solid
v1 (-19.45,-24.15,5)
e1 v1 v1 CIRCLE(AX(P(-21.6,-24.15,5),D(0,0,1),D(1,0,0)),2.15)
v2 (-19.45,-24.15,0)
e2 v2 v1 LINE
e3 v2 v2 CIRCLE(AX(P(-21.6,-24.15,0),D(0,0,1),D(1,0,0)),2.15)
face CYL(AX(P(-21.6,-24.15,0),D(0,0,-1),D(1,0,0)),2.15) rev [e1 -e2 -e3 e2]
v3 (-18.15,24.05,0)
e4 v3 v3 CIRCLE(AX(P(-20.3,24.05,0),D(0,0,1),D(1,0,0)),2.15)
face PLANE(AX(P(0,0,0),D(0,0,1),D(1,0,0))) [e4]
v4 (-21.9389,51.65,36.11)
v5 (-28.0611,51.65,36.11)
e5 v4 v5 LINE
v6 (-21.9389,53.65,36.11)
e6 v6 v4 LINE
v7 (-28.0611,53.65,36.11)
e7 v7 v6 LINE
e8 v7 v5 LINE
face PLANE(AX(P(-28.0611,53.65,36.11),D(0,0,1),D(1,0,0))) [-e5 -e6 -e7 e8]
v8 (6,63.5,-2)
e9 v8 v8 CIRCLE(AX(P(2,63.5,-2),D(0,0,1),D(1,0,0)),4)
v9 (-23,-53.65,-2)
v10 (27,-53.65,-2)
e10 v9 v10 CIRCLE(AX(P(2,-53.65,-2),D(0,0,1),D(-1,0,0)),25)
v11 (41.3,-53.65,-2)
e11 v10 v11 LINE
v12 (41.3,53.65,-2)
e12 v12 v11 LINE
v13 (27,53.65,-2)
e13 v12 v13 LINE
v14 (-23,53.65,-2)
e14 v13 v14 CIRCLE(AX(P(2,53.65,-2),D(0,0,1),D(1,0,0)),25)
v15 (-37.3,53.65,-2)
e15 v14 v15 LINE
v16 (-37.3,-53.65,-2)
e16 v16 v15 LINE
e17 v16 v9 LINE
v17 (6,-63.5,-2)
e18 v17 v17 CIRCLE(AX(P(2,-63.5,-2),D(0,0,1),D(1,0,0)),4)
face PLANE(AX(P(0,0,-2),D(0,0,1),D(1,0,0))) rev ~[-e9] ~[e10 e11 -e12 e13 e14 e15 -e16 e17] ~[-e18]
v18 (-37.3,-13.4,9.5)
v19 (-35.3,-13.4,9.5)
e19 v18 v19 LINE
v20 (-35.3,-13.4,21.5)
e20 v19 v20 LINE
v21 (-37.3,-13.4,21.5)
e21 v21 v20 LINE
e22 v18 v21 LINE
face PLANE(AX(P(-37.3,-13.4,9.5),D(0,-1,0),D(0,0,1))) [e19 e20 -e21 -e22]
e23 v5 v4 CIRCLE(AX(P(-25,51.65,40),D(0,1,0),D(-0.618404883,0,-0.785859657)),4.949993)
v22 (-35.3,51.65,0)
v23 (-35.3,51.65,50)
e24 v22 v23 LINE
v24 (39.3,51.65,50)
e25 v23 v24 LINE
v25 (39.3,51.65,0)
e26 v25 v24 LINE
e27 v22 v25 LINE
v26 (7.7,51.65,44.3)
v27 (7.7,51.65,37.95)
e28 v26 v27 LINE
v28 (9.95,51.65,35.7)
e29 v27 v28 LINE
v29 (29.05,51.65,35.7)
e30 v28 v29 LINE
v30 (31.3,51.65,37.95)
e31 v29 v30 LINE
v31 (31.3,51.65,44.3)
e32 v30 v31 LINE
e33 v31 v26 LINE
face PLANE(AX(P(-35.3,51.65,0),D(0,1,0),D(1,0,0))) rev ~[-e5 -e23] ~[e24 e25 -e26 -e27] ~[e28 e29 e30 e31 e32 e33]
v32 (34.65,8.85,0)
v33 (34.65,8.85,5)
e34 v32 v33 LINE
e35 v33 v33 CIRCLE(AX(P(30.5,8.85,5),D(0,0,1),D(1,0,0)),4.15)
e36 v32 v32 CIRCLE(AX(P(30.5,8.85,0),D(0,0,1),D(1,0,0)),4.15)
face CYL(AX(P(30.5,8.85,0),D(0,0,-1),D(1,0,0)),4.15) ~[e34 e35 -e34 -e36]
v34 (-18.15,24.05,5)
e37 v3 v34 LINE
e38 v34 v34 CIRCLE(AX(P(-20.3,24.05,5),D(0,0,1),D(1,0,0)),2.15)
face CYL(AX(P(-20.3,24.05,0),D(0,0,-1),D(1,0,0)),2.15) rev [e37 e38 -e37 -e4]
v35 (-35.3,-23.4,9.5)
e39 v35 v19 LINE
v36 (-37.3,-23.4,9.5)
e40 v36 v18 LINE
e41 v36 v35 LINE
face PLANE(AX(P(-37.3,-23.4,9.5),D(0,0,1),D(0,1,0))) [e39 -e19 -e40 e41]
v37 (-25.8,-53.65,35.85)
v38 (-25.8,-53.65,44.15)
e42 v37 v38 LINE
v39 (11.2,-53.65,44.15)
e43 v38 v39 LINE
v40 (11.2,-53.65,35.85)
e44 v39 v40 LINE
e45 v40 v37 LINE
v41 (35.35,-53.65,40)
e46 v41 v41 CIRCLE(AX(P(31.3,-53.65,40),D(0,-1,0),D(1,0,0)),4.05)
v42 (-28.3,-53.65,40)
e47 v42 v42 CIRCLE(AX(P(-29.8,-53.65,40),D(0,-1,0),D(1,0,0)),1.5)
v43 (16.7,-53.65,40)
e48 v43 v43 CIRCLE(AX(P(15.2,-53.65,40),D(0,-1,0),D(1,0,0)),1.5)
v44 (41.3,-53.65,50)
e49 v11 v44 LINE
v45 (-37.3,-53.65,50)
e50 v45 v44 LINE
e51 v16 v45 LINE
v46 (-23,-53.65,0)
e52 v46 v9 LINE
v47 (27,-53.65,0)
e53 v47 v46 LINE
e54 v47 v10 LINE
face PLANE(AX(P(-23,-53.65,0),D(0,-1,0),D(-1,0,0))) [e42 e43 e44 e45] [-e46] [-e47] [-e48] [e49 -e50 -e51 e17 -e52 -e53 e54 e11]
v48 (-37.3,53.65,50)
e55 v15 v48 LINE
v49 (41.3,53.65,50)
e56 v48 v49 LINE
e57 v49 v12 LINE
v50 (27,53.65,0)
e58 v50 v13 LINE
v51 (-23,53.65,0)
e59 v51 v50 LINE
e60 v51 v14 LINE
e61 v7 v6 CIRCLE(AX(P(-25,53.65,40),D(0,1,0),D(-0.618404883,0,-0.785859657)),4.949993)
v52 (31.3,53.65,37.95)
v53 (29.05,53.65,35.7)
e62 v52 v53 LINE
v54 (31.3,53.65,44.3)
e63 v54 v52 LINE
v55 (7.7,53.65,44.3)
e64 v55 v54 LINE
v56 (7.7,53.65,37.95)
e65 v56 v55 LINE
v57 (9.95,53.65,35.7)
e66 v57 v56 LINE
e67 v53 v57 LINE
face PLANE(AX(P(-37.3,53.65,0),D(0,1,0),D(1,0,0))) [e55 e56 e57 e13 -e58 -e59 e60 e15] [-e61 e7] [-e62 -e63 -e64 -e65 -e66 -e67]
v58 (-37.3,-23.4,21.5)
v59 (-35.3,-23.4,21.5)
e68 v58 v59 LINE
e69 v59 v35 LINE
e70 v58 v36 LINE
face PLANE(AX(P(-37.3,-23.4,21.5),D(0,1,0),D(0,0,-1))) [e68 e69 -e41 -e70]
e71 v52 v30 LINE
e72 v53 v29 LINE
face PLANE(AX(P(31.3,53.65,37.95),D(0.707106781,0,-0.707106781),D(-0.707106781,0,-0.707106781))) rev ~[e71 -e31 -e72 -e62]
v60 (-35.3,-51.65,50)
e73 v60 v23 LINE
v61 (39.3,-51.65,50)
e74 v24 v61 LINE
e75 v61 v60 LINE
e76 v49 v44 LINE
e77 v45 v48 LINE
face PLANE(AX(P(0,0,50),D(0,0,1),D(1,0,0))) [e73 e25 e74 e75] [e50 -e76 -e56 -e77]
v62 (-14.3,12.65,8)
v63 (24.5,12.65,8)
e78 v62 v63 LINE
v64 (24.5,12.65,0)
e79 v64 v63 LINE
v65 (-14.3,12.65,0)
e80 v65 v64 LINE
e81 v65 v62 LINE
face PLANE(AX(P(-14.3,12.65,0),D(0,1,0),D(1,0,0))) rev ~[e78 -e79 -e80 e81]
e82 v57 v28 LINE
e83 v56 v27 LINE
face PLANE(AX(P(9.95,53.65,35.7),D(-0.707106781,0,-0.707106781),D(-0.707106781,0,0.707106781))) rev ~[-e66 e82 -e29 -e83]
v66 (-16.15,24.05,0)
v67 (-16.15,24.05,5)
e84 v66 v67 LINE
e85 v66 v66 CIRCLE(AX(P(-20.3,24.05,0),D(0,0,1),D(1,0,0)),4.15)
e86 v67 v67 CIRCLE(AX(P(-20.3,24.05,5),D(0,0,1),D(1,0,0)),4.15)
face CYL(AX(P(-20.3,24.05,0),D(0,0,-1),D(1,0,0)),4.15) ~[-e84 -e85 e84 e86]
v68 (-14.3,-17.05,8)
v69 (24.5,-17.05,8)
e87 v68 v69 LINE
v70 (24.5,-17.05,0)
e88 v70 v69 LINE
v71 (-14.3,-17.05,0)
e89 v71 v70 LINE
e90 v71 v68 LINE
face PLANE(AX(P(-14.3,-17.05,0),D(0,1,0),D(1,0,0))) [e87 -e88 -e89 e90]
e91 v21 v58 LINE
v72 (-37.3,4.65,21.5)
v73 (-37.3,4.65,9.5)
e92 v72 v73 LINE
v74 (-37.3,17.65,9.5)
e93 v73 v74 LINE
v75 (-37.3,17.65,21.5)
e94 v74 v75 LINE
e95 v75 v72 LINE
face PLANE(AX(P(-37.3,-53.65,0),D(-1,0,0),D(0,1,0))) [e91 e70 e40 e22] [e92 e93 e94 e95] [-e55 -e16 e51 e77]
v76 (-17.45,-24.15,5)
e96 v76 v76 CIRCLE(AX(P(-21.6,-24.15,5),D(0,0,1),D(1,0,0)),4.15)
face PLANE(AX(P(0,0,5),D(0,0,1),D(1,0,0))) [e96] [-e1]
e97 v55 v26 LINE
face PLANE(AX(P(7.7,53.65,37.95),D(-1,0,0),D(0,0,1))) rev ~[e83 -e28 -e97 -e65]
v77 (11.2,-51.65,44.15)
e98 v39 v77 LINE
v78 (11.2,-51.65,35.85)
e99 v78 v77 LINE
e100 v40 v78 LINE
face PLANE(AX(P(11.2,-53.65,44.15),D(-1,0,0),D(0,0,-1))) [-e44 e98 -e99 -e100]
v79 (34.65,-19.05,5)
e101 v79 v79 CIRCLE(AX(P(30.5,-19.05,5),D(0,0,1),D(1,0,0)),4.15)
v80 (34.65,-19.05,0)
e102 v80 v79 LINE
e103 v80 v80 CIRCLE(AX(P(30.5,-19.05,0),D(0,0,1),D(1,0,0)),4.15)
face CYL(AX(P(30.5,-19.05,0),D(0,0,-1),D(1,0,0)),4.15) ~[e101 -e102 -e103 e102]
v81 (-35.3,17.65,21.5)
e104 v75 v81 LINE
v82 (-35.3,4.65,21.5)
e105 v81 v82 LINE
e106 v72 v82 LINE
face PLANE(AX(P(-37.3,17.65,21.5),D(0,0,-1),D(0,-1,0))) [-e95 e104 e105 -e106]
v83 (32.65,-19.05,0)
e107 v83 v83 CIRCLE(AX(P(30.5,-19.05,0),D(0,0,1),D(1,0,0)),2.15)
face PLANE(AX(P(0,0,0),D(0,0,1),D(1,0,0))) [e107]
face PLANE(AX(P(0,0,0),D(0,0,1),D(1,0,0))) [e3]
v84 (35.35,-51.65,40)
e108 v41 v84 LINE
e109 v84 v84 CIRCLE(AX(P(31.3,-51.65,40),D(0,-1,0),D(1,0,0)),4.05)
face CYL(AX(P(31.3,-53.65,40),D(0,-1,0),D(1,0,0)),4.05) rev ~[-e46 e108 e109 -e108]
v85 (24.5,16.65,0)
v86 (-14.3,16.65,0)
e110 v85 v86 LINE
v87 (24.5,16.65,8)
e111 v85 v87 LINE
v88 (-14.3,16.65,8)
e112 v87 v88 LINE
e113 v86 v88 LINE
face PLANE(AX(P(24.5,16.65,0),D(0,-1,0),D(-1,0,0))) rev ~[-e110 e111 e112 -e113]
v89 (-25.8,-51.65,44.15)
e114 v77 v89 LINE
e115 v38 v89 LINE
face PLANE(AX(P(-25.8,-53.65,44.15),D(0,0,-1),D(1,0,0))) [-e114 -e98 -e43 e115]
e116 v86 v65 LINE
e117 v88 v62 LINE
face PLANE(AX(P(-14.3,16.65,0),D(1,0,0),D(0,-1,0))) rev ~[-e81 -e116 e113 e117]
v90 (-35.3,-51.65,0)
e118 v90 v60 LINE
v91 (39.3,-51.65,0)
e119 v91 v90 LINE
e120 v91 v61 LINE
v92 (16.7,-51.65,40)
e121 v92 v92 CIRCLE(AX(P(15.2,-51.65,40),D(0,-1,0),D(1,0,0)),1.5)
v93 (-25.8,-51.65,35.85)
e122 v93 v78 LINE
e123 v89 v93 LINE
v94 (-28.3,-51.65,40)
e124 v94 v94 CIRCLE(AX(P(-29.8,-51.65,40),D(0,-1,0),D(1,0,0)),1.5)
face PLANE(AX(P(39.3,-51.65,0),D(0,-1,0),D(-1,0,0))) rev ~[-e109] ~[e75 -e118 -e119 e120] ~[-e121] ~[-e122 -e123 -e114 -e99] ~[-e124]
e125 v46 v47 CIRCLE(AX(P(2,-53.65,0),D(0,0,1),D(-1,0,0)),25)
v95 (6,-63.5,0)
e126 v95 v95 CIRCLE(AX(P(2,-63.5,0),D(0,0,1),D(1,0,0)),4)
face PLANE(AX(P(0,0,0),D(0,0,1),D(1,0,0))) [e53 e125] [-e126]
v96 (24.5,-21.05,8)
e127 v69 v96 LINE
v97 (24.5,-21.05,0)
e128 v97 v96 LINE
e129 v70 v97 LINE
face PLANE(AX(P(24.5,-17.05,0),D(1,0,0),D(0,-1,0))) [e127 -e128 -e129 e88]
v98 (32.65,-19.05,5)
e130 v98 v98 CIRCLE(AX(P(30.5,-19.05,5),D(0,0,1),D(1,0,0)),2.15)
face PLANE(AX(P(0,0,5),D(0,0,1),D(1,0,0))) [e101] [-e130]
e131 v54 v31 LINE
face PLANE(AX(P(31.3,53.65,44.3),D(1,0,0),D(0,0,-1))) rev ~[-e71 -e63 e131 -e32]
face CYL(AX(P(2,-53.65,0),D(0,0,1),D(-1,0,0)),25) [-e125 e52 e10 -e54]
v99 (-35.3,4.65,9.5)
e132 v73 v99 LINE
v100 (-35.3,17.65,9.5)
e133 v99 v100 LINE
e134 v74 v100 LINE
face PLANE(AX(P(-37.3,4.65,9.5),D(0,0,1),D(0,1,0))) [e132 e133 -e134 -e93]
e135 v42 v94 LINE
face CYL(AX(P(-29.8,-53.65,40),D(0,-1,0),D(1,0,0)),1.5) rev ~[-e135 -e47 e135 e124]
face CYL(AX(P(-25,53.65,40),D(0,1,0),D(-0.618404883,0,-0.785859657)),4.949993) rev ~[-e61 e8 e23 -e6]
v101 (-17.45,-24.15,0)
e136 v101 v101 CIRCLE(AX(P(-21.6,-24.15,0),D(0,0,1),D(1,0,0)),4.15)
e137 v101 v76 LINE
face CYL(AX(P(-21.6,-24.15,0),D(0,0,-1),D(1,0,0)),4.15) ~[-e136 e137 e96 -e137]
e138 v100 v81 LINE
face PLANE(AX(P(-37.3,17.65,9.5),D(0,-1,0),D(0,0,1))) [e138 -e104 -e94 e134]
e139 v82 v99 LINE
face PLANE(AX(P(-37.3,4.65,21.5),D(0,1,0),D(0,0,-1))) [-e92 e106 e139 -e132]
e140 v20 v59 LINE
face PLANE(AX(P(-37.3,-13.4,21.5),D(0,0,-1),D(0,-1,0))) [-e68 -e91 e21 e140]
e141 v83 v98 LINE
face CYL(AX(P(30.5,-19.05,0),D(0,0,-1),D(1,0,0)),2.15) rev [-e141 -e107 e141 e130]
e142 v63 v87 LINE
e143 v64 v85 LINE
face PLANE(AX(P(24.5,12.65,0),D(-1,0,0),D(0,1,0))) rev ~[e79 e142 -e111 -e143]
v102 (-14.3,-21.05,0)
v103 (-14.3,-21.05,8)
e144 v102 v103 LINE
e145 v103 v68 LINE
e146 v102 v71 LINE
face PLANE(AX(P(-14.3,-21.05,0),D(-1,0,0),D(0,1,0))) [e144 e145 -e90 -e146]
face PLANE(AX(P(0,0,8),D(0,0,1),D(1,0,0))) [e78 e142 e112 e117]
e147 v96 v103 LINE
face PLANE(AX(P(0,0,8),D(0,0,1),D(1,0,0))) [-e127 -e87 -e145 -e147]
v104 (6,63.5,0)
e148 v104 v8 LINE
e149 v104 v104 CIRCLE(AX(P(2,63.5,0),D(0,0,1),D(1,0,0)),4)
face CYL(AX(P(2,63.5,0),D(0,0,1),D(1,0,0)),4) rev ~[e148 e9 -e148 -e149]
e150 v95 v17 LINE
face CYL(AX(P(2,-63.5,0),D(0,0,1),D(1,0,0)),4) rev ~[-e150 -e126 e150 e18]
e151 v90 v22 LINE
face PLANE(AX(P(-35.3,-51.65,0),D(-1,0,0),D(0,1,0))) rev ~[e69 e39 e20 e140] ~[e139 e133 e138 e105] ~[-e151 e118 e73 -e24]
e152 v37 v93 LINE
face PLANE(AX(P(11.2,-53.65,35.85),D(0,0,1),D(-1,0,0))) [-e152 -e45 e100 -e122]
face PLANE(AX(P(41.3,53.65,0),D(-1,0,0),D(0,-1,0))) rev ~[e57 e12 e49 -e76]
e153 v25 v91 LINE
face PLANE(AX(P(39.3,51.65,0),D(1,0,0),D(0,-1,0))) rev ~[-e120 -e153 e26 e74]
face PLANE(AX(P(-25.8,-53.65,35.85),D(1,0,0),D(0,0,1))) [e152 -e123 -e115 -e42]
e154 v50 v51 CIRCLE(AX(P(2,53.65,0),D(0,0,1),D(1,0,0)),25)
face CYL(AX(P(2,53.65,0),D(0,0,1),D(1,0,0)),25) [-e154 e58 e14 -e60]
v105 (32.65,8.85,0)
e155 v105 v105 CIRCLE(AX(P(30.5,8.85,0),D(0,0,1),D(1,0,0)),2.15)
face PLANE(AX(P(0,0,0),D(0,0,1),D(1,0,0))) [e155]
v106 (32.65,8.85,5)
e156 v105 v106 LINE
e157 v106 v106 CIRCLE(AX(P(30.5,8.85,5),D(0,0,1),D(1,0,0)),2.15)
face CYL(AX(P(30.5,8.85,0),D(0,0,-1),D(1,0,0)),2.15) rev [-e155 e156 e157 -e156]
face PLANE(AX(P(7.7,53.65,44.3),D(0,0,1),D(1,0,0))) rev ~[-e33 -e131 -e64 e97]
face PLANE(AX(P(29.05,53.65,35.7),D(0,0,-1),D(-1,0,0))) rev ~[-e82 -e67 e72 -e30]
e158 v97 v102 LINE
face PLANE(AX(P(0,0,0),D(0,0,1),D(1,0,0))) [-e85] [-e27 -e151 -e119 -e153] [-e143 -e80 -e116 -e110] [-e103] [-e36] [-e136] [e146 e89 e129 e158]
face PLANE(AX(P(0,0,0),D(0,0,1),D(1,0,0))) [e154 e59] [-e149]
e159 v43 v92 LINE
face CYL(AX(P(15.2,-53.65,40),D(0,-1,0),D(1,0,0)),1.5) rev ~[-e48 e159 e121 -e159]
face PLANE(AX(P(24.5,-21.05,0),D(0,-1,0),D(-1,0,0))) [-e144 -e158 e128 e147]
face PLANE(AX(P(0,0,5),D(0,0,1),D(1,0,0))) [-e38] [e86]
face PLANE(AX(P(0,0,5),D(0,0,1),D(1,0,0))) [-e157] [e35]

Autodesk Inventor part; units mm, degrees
ref_plane "YZ Plane" through (0, 0, 0) normal (1, 0, 0) x (0, 1, 0)
ref_plane "XZ Plane" through (0, 0, 0) normal (0, 1, 0) x (-1, 0, 0)
ref_plane "XY Plane" through (0, 0, 0) normal (0, 0, 1) x (1, 0, 0)
sketch "Sketch1" plane through (0, 0, 0) normal (0, 0, 1) x (1, 0, 0)
  line L0 (-35.3, 51.65) -> (39.3, 51.65)
  line L1 (39.3, 51.65) -> (39.3, -51.65)
  line L2 (39.3, -51.65) -> (-35.3, -51.65)
  line L3 (-35.3, -51.65) -> (-35.3, 51.65)
  line L4 (-35.3, 51.65) -> (39.3, -51.65) construction
  line L5 (39.3, 51.65) -> (-35.3, -51.65) construction
  line L6 (34.3, 26.65) -> (-34.3, 26.65) construction
  line L7 (-34.3, 26.65) -> (-34.3, -26.65) construction
  line L8 (-34.3, -26.65) -> (34.3, -26.65) construction
  line L9 (34.3, -26.65) -> (34.3, 26.65) construction
  line L10 (34.3, 26.65) -> (-34.3, -26.65) construction
  line L11 (-34.3, 26.65) -> (34.3, -26.65) construction
  circle A0 centre (-20.3, 24.05) radius 1.6 construction
  circle A1 centre (-21.6, -24.15) radius 1.6 construction
  circle A2 centre (30.5, 8.85) radius 1.6 construction
  circle A3 centre (30.5, -19.05) radius 1.6 construction
  line L12 (-37.3, 53.65) -> (41.3, 53.65)
  line L13 (41.3, 53.65) -> (41.3, -53.65)
  line L14 (41.3, -53.65) -> (-37.3, -53.65)
  line L15 (-37.3, -53.65) -> (-37.3, 53.65)
  line L16 (-37.3, 53.65) -> (41.3, -53.65) construction
  line L17 (41.3, 53.65) -> (-37.3, -53.65) construction
  line L18 (30.5, 53.65) -> (30.5, -53.65) construction
  arc A4 (27, 53.65) -> (-23, 53.65) centre (2, 53.65) ccw
  arc A5 (-23, -53.65) -> (27, -53.65) centre (2, -53.65) ccw
  circle A6 centre (2, 63.5) radius 4
  circle A7 centre (2, -63.5) radius 4
  line L19 (2, -63.5) -> (2, 63.5) construction
  line L20 (2, 78.65) -> (2, 63.5) construction
  line L21 (2, -63.5) -> (2, -78.65) construction
  point P0 (0, 0)
  dimension "d0" = 53.3
  dimension "d2" = 68.6
  dimension "d3" = 14
  dimension "d4" = 2.5
  dimension "d5" = 50.8
  dimension "d6" = 27.9
  dimension "d7" = 5.1
  dimension "d8" = 3.2
  dimension "d9" = 25
  dimension "d10" = 1
  dimension "d11" = 2
  dimension "d12" = 2
  dimension "d59" = 5
  dimension "d62" = 25
  dimension "d63" = 2
  dimension "d64" = 2
  dimension "d92" = 15.2
  dimension "d94" = 1.3
  dimension "d95" = 50
  dimension "d96" = 8
  dimension "d99" = 127
extrude "Extrusion1" add sketch "Sketch1" against normal blind 2 contours L0 L1 L2 L3 | L12 L13 L14 L15
extrude "Extrusion2" add sketch "Sketch1" along normal blind 50 contours L12 L13 L14 L15
sketch "Sketch2" plane through (0, 0, 0) normal (0, 0, 1) x (1, 0, 0)
  circle A0 centre (-21.6, -24.15) radius 1.6 construction
  circle A1 centre (-20.3, 24.05) radius 4.15
  circle A2 centre (-21.6, -24.15) radius 4.15
  circle A3 centre (30.5, -19.05) radius 4.15
  circle A4 centre (30.5, 8.85) radius 4.15
  circle A5 centre (-20.3, 24.05) radius 2.15
  circle A6 centre (30.5, 8.85) radius 2.15
  circle A7 centre (-21.6, -24.15) radius 2.15
  circle A8 centre (30.5, -19.05) radius 2.15
  point P0 (0, 0)
  dimension "d17" = 8.3
  dimension "d19" = 4.3
extrude "Extrusion3" add sketch "Sketch2" along normal blind 5
sketch "Sketch6" plane through (-37.3, 53.65, -2) normal (0, 1, 0) x (1, 0, 0)
  line L0 (78.6, -52) -> (78.6, 0) projected
  line L1 (0, 0) -> (0, -52) projected
  line L2 (0, -42) -> (78.6, -42) construction
  arc A0 (9.2389, -38.11) -> (15.3611, -38.11) centre (12.3, -42) ccw
  line L3 (78.6, -52) -> (0, -52) projected
  line L4 (12.3, -42) -> (12.3, -38.11) construction
  line L5 (9.2389, -38.11) -> (15.3611, -38.11)
  line L6 (68.6, -46.3) -> (68.6, -39.95)
  line L7 (66.35, -37.7) -> (47.25, -37.7)
  line L8 (45, -39.95) -> (45, -46.3)
  line L9 (45, -46.3) -> (68.6, -46.3)
  line L10 (47.25, -37.7) -> (45, -39.95)
  line L11 (68.6, -39.95) -> (66.35, -37.7)
  line L12 (68.6, -46.3) -> (68.6, -41.3) construction
  line L13 (56.8, -37.7) -> (56.8, -46.3) construction
  point P0 (37.3, -2)
  point P1 (45, -37.7)
  point P2 (68.6, -37.7)
  point P3 (56.8, -42)
  dimension "d46" = 9.9
  dimension "d54" = 12.3
  dimension "d65" = 3.89
  dimension "d122" = 23.6
  dimension "d123" = 8.6
  dimension "d124" = 2.25
  dimension "d125" = 2.25
  dimension "d126" = 2.25
  dimension "d127" = 2.25
  dimension "d128" = 5
  dimension "d129" = 10
  dimension "d130" = 10
extrude "Extrusion6" cut sketch "Sketch6" against normal up to next
sketch "Sketch7" plane through (0, 0, 0) normal (0, 0, 1) x (1, 0, 0)
  circle A0 centre (30.5, -19.05) radius 4.15 projected
  circle A1 centre (30.5, 8.85) radius 4.15 projected
  line L0 (-14.3, -17.05) -> (24.5, -17.05)
  line L1 (24.5, -17.05) -> (24.5, -21.05)
  line L2 (24.5, -21.05) -> (-14.3, -21.05)
  line L3 (-14.3, -21.05) -> (-14.3, -17.05)
  line L4 (-34.3, -26.65) -> (34.3, -26.65) construction
  line L5 (34.3, 26.65) -> (-34.3, 26.65) construction
  line L6 (34.3, -26.65) -> (34.3, 26.65) construction
  line L7 (-34.3, 26.65) -> (-34.3, -26.65) construction
  line L8 (24.5, 16.65) -> (-14.3, 16.65)
  line L9 (-14.3, 16.65) -> (-14.3, 12.65)
  line L10 (-14.3, 12.65) -> (24.5, 12.65)
  line L11 (24.5, 12.65) -> (24.5, 16.65)
  point P0 (0, 0)
  point P1 (24.5, -19.05)
  dimension "d79" = 4
  dimension "d80" = 20
  dimension "d81" = 6
  dimension "d82" = 6
  dimension "d83" = 20
  dimension "d86" = 10
  dimension "d87" = 0
extrude "Extrusion7" add sketch "Sketch7" along normal blind 8 contours L0 L1 L2 L3 | L11 L10 L9 L8
sketch "Sketch4" plane through (-37.3, -53.65, -2) normal (-1, 0, 0) x (0, 0, 1)
  line L0 (11.5, 71.3) -> (23.5, 71.3)
  line L1 (23.5, 71.3) -> (23.5, 58.3)
  line L2 (23.5, 58.3) -> (11.5, 58.3)
  line L3 (11.5, 58.3) -> (11.5, 71.3)
  line L4 (11.5, 71.3) -> (23.5, 58.3) construction
  line L5 (23.5, 71.3) -> (11.5, 58.3) construction
  line L6 (23.5, 30.25) -> (11.5, 30.25)
  line L7 (11.5, 30.25) -> (11.5, 40.25)
  line L8 (11.5, 40.25) -> (23.5, 40.25)
  line L9 (23.5, 40.25) -> (23.5, 30.25)
  line L10 (23.5, 30.25) -> (11.5, 40.25) construction
  line L11 (11.5, 30.25) -> (23.5, 40.25) construction
  line L12 (2, 0) -> (2, 107.3) projected
  line L13 (7, 73.55) -> (7, 81.85) projected
  line L14 (10, 36.6) -> (10, 32.6) projected
  line L15 (0, 107.3) -> (52, 107.3) projected
  line L16 (0, 0) -> (0, 107.3) projected
  line L17 (52, 0) -> (0, 0) projected
  line L18 (52, 107.3) -> (52, 0) projected
  point P0 (2, 53.65)
  point P1 (2, 80.3)
  point P2 (2, 80.3)
  point P3 (2, 80.3)
  point P4 (2, 27)
  point P5 (2, 27)
  point P6 (2, 27)
  point P7 (17.5, 64.8)
  point P8 (17.5, 35.25)
  point P9 (2, 0)
  dimension "d22" = 13
  dimension "d24" = 12
  dimension "d26" = 9
  dimension "d27" = 12
  dimension "d28" = 10
  dimension "d31" = 3.25
  dimension "d88" = 1.5
  dimension "d90" = 1.5
extrude "Extrusion4" cut sketch "Sketch4" against normal up to surface (2 mm away) contours L0 L1 L2 L3 | L6 L7 L8 L9
extrude "Extrusion8" add sketch "Sketch1" against normal up to surface (2 mm away) contours A4 L12 | L14 A5
sketch "Sketch8" plane through (-37.3, -53.65, 50) normal (0, -1, 0) x (1, 0, 0)
  line L0 (78.6, 0) -> (78.6, -52) projected
  line L1 (0, 0) -> (78.6, 0) projected
  line L2 (0, 0) -> (0, -52) projected
  line L3 (11.5, -5.85) -> (48.5, -5.85)
  line L4 (48.5, -5.85) -> (48.5, -14.15)
  line L5 (48.5, -14.15) -> (11.5, -14.15)
  line L6 (11.5, -14.15) -> (11.5, -5.85)
  line L7 (48.5, -10) -> (52.5, -10) construction
  line L8 (11.5, -10) -> (7.5, -10) construction
  circle A0 centre (7.5, -10) radius 1.5
  circle A1 centre (52.5, -10) radius 1.5
  line L9 (0, -10) -> (7.5, -10) construction
  line L10 (7.5, -10) -> (7.5, 0) construction
  circle A2 centre (68.6, -10) radius 4.05
  line L11 (68.6, -10) -> (68.6, 0) construction
  line L12 (68.6, -10) -> (78.6, -10) construction
  point P0 (37.3, -50)
  dimension "d100" = 8.3
  dimension "d102" = 37
  dimension "d103" = 4
  dimension "d104" = 3
  dimension "d105" = 10
  dimension "d106" = 7.5
  dimension "d107" = 8.1
  dimension "d108" = 10
extrude "Extrusion9" cut sketch "Sketch8" against normal up to next
equation "\"d125\" = d124"
equation "\"d126\" = d124"
equation "\"d127\" = d126"
properties part number "LED pump controller"
